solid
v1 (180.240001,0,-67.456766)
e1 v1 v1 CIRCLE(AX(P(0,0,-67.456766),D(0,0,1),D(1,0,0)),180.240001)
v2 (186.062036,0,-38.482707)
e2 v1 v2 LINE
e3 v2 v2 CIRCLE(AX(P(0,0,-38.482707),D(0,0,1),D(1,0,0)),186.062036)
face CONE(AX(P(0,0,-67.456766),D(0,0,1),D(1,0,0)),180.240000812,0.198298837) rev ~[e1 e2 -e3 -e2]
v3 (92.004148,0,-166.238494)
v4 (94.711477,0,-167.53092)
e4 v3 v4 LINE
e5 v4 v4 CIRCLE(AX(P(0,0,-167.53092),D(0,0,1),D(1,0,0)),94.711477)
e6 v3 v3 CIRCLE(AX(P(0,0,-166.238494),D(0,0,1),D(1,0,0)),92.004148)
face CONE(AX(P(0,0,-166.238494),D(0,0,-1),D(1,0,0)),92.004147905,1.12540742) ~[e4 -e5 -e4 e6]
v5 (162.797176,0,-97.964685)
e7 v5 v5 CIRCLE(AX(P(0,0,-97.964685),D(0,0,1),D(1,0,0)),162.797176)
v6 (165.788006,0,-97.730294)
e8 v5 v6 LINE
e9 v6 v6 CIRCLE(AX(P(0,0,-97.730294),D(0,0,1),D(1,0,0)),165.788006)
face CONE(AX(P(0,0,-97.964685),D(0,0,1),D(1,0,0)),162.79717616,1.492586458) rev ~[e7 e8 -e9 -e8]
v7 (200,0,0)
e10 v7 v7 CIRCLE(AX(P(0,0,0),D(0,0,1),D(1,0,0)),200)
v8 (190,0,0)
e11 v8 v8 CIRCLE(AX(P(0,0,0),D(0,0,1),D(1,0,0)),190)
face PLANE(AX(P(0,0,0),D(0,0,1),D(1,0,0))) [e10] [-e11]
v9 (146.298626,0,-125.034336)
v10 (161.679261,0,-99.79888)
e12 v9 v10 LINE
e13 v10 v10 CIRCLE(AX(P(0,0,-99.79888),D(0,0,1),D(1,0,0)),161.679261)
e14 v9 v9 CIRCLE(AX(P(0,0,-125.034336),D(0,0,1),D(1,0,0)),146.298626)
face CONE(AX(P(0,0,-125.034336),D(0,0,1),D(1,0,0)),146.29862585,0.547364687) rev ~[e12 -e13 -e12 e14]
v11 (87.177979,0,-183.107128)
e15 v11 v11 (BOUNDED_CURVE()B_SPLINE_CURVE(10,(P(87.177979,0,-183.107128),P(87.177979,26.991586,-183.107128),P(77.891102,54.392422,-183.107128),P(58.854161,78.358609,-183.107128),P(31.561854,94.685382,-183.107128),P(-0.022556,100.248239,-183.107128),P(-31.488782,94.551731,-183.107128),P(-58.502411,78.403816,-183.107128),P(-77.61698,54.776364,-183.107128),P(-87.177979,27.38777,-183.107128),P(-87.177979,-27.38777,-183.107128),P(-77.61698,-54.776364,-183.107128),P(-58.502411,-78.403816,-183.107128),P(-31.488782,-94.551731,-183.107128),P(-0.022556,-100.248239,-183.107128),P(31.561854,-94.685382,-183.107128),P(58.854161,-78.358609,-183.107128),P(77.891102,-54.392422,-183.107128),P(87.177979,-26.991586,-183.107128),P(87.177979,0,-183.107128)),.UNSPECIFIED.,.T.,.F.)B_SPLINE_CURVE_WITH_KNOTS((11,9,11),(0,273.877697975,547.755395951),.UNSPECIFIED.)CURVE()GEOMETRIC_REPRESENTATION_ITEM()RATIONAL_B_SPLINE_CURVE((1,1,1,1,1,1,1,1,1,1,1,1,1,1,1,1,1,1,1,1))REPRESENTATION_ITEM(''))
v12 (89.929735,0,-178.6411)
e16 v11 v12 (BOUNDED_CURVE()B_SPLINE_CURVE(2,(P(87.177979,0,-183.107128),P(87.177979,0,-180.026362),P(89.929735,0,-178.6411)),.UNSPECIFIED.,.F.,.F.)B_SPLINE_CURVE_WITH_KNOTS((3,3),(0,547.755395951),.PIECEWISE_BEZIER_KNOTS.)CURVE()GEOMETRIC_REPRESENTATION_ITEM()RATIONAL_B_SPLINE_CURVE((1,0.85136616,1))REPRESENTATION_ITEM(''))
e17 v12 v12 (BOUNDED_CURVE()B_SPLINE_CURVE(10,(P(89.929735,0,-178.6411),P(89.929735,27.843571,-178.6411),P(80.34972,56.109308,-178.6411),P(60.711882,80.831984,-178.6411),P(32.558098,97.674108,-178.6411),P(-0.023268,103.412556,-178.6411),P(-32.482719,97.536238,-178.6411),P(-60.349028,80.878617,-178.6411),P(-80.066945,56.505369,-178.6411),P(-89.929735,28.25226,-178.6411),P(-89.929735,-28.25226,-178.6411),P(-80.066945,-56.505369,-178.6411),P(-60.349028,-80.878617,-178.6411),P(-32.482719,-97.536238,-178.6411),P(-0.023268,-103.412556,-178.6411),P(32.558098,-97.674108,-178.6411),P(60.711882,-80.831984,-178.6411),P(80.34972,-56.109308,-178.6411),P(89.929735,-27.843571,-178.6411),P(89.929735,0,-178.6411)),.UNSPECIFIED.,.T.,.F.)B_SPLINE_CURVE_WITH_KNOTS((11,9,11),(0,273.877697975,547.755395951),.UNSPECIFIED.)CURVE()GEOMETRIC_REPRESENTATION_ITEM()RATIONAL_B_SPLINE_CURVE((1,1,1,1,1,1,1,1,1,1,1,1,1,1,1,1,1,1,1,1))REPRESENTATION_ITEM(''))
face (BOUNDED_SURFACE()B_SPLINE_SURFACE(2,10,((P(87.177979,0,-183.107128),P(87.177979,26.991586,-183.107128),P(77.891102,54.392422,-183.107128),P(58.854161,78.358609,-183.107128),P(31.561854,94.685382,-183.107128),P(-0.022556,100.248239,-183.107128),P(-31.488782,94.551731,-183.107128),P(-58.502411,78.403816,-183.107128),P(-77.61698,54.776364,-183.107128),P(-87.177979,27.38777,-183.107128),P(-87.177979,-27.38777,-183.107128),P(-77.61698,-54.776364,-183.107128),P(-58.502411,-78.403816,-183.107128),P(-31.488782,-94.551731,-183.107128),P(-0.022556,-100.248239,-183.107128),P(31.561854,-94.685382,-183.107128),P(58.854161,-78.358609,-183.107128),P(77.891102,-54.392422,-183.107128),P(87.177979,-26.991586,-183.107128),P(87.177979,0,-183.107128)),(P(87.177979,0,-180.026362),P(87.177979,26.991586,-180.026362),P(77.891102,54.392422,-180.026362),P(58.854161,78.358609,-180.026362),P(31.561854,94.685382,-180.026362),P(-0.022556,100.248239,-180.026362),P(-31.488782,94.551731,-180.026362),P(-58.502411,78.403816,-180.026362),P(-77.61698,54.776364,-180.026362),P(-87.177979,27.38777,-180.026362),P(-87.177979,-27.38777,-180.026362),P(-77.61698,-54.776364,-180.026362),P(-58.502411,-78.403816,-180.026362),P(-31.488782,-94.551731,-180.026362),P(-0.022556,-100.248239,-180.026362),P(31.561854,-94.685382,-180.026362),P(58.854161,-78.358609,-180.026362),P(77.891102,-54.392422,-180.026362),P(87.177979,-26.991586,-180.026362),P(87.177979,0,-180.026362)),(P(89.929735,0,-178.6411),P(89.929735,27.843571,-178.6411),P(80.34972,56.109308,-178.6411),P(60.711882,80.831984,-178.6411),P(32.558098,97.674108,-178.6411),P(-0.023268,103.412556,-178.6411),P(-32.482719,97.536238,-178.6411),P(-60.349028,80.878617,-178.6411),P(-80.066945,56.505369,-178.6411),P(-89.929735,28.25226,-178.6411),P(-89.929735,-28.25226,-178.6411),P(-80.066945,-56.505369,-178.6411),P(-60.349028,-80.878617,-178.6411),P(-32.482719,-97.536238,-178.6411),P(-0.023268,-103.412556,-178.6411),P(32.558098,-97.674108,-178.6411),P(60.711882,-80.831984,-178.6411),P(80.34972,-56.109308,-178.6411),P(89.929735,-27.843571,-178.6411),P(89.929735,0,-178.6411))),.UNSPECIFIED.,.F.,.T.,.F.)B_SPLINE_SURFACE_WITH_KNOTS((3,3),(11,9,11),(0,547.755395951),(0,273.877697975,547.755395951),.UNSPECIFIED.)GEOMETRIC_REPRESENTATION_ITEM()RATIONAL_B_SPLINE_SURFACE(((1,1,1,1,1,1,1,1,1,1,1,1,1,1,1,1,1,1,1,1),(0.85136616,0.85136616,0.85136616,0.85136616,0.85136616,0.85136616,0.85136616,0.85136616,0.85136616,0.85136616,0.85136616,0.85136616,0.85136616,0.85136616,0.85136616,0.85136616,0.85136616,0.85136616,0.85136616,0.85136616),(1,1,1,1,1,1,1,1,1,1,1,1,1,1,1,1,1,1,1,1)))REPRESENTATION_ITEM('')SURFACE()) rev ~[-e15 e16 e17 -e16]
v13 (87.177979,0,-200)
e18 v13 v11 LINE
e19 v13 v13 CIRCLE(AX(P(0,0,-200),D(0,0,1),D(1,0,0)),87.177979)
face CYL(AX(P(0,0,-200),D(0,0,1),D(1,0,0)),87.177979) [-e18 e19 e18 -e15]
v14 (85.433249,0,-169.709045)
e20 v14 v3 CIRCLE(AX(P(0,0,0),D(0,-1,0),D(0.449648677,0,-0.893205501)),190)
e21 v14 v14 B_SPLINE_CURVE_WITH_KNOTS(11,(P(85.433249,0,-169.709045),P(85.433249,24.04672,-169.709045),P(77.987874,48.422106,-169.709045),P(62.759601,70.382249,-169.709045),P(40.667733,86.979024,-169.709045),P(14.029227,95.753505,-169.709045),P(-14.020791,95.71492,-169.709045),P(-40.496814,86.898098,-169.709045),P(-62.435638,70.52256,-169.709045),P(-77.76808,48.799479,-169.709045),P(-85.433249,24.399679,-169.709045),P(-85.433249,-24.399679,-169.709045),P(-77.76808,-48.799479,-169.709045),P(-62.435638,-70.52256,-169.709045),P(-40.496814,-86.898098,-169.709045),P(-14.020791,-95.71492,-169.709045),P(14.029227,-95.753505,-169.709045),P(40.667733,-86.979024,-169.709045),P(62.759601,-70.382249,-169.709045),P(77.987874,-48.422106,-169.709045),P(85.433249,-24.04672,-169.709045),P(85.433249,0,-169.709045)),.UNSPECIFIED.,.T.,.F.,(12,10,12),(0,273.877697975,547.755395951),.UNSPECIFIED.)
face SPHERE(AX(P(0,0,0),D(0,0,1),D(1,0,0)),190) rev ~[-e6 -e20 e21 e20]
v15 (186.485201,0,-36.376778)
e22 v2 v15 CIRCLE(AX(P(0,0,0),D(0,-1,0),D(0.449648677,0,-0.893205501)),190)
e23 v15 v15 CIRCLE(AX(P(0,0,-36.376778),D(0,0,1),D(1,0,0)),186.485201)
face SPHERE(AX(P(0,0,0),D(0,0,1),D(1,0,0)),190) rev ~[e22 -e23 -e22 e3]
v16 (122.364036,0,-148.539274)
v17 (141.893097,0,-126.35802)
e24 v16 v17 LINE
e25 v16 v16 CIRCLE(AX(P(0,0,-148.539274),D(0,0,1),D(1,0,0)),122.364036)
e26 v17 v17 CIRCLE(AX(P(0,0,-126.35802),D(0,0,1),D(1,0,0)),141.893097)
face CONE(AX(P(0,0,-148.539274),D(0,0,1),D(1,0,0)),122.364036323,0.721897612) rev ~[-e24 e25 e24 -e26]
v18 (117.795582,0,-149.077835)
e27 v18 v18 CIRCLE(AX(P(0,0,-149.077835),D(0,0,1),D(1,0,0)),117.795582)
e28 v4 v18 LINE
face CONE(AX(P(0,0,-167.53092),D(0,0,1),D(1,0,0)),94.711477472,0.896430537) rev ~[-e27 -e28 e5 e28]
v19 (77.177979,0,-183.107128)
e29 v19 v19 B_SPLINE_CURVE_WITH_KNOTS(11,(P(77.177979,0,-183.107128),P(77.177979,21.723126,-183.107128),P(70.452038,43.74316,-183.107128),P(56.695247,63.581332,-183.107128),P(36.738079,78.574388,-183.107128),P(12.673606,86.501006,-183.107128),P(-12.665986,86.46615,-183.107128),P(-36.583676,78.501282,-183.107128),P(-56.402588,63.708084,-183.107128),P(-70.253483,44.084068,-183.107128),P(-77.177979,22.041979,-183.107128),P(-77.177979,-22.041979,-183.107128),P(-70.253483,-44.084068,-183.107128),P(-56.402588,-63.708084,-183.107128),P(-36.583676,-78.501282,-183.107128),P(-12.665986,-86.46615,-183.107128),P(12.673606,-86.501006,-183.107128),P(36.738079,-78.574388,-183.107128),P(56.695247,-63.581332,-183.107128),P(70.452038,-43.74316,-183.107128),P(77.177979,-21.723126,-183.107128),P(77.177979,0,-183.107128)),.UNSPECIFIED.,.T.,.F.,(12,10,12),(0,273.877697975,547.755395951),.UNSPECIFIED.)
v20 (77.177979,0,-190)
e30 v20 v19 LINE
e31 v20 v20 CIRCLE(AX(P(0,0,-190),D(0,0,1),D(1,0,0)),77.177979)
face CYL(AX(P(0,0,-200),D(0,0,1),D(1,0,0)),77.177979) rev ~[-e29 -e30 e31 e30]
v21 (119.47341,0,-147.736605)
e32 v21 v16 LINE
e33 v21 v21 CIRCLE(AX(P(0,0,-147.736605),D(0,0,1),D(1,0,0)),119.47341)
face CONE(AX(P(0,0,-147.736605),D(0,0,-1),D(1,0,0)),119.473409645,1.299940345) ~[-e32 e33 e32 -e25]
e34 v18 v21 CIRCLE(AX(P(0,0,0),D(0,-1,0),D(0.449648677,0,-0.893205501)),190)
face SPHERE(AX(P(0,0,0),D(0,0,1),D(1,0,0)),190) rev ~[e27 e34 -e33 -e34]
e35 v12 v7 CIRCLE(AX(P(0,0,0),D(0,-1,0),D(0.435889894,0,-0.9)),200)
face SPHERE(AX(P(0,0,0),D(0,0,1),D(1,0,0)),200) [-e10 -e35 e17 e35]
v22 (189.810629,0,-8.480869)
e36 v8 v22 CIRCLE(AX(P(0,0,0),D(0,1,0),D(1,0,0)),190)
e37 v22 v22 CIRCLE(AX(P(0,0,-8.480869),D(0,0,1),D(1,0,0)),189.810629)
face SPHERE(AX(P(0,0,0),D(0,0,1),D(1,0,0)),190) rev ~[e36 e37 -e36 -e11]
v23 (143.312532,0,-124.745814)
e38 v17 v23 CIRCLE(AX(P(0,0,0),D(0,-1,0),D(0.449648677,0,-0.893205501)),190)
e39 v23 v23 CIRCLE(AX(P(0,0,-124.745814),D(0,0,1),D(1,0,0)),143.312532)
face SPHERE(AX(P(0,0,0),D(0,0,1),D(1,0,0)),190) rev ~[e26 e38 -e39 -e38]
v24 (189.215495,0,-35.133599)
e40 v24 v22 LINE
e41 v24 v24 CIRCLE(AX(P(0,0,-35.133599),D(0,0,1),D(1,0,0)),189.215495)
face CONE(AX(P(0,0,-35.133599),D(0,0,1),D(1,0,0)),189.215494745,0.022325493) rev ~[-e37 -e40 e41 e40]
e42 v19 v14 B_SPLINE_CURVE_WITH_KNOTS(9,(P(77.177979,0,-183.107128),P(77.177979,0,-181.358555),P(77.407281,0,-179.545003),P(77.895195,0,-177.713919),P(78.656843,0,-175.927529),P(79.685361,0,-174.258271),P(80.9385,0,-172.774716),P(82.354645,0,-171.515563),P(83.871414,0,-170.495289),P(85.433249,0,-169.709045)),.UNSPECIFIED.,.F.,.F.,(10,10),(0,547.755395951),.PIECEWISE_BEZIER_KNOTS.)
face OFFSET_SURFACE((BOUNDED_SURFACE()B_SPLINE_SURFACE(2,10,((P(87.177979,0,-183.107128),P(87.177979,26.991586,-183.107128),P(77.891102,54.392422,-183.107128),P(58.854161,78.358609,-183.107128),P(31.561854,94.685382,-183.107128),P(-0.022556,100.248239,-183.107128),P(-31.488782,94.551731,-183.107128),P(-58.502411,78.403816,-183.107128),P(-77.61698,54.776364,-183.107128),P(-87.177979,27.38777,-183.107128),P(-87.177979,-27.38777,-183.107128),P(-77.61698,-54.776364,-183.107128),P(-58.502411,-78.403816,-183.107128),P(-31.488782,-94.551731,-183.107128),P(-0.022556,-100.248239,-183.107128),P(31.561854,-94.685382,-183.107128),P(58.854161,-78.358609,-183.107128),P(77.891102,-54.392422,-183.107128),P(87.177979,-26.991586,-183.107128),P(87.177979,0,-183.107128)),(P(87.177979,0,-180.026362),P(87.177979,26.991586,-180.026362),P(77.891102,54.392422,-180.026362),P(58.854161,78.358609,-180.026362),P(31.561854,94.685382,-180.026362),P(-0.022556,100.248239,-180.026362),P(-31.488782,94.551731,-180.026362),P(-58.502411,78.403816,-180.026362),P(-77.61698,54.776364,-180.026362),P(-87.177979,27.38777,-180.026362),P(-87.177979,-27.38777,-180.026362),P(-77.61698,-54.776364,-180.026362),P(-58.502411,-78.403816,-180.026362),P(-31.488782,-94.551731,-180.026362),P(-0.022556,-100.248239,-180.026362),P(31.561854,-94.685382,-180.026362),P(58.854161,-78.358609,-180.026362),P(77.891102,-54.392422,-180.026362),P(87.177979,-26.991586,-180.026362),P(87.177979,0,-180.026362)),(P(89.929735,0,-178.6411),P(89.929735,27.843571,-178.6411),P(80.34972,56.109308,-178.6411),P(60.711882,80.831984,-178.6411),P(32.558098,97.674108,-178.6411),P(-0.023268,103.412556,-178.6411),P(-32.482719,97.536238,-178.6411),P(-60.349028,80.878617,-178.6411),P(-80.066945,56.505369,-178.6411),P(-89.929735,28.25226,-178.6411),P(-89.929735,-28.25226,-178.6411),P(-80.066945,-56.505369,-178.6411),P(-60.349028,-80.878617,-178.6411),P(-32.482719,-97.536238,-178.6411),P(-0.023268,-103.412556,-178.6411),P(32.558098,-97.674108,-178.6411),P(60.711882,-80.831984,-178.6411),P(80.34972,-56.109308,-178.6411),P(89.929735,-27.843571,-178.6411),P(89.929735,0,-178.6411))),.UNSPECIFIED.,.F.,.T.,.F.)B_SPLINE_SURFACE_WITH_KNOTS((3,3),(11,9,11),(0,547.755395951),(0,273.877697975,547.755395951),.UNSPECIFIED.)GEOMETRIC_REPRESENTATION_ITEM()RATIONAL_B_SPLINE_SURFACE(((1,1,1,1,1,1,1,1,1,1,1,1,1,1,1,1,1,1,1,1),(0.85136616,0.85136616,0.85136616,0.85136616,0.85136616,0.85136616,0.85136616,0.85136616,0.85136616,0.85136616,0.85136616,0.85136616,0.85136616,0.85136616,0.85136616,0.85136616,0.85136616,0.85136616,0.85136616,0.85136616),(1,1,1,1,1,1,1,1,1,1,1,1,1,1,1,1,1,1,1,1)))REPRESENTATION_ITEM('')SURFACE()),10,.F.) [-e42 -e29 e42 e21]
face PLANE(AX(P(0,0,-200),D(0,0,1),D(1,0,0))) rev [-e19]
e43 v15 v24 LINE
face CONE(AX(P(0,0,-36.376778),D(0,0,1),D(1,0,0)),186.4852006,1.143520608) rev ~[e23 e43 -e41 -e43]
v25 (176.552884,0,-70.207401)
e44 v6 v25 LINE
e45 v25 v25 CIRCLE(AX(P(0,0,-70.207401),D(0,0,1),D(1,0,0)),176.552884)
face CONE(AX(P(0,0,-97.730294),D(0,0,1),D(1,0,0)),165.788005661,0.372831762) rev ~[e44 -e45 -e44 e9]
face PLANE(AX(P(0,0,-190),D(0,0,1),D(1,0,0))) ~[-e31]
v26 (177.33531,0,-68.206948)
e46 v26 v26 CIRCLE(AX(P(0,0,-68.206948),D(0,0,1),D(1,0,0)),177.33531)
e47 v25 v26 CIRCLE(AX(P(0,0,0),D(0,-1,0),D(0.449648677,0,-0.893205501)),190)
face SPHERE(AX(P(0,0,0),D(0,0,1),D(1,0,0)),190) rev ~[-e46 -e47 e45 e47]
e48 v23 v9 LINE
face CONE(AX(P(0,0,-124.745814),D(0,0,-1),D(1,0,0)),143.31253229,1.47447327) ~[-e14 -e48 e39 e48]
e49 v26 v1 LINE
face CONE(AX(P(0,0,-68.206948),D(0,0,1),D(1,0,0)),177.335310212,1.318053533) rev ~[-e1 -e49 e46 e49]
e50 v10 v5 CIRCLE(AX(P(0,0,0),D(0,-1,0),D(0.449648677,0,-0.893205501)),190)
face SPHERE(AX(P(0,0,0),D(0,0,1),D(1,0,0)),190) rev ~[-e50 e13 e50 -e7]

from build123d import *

# Parameters (mm, degrees)
F2_R = 5
F3_T = -10


with BuildPart() as f1:
    # F0 (on Front) → F1 (revolve)
    with BuildSketch(Plane.XZ):
        with BuildLine():
            Line((0, 0), (0, -200))
            ThreePointArc((0, -200), (44.72135955, -194.9358868962), (87.1779788708, -180))
            ThreePointArc((87.1779788708, -180), (169.4632641226, -106.2177109192), (200, 0))
            Line((200, 0), (0, 0))
        make_face()
        with BuildLine():
            ThreePointArc((87.1779788708, -180), (44.72135955, -194.9358868962), (0, -200))
            Line((0, -200), (87.1779788708, -200))
            Line((87.1779788708, -200), (87.1779788708, -180))
        make_face()
    revolve(axis=Axis((0, 0, -100), (0, 0, 1)))

    # F2
    f2_edges = [f1.edges().sort_by_distance(p)[0] for p in [
        (-87.177979, 0, -180),
    ]]
    fillet(f2_edges, radius=F2_R)

    # F3
    f3_openings = [f1.faces().sort_by_distance(p)[0] for p in [
        (0, 0, 0),
    ]]
    offset(amount=F3_T, openings=f3_openings)


with BuildPart() as f5:
    # F4 (on face) → F5 (revolve)
    with BuildSketch(Plane.XZ):
        with BuildLine():
            Line((190, 0), (189.8106289646, -8.4808685904))
            ThreePointArc((189.8106289646, -8.4808685904), (189.9526513414, -4.2414912895), (190, 0))
        make_face()
    revolve(axis=Axis((0, 0, -100), (0, 0, 1)))


with BuildPart() as f5b:
    # F4 (on face) → F5, piece 2 (revolve)
    with BuildSketch(Plane.XZ):
        with BuildLine():
            ThreePointArc((189.8106289646, -8.4808685904), (188.6642077169, -22.4903696405), (186.4852005998, -36.3767777193))
            Line((186.4852005998, -36.3767777193), (189.215494745, -35.1335987777))
            Line((189.215494745, -35.1335987777), (189.8106289646, -8.4808685904))
        make_face()
    revolve(axis=Axis((0, 0, -100), (0, 0, 1)))


with BuildPart() as f5c:
    # F4 (on face) → F5, piece 3 (revolve)
    with BuildSketch(Plane.XZ):
        with BuildLine():
            Line((186.4852005998, -36.3767777193), (186.0620361102, -38.4827067462))
            ThreePointArc((186.0620361102, -38.4827067462), (186.2765944217, -37.4303402423), (186.4852005998, -36.3767777193))
        make_face()
    revolve(axis=Axis((0, 0, -100), (0, 0, 1)))


with BuildPart() as f5d:
    # F4 (on face) → F5, piece 4 (revolve)
    with BuildSketch(Plane.XZ):
        with BuildLine():
            ThreePointArc((186.0620361102, -38.4827067462), (182.3054866364, -53.5229814405), (177.3353102124, -68.2069479736))
            Line((177.3353102124, -68.2069479736), (180.2400008123, -67.4567663163))
            Line((180.2400008123, -67.4567663163), (186.0620361102, -38.4827067462))
        make_face()
    revolve(axis=Axis((0, 0, -100), (0, 0, 1)))


with BuildPart() as f5e:
    # F4 (on face) → F5, piece 5 (revolve)
    with BuildSketch(Plane.XZ):
        with BuildLine():
            Line((177.3353102124, -68.2069479736), (176.5528838044, -70.207401464))
            ThreePointArc((176.5528838044, -70.207401464), (176.9469240187, -69.2082804319), (177.3353102124, -68.2069479736))
        make_face()
    revolve(axis=Axis((0, 0, -100), (0, 0, 1)))


with BuildPart() as f5f:
    # F4 (on face) → F5, piece 6 (revolve)
    with BuildSketch(Plane.XZ):
        with BuildLine():
            ThreePointArc((176.5528838044, -70.207401464), (170.2416884657, -84.36686262), (162.7971761601, -97.9646846281))
            Line((162.7971761601, -97.9646846281), (165.7880056607, -97.7302941451))
            Line((165.7880056607, -97.7302941451), (176.5528838044, -70.207401464))
        make_face()
    revolve(axis=Axis((0, 0, -100), (0, 0, 1)))


with BuildPart() as f5g:
    # F4 (on face) → F5, piece 7 (revolve)
    with BuildSketch(Plane.XZ):
        with BuildLine():
            Line((162.7971761601, -97.9646846281), (161.6792614643, -99.7988798151))
            ThreePointArc((161.6792614643, -99.7988798151), (162.2408108688, -98.8833620415), (162.7971761601, -97.9646846281))
        make_face()
    revolve(axis=Axis((0, 0, -100), (0, 0, 1)))


with BuildPart() as f5h:
    # F4 (on face) → F5, piece 8 (revolve)
    with BuildSketch(Plane.XZ):
        with BuildLine():
            ThreePointArc((161.6792614643, -99.7988798151), (153.0051827375, -112.6472993705), (143.3125322896, -124.7458139127))
            Line((143.3125322896, -124.7458139127), (146.2986258499, -125.0343364403))
            Line((146.2986258499, -125.0343364403), (161.6792614643, -99.7988798151))
        make_face()
    revolve(axis=Axis((0, 0, -100), (0, 0, 1)))


with BuildPart() as f5i:
    # F4 (on face) → F5, piece 9 (revolve)
    with BuildSketch(Plane.XZ):
        with BuildLine():
            Line((143.3125322896, -124.7458139127), (141.8930965783, -126.3580197037))
            ThreePointArc((141.8930965783, -126.3580197037), (142.6050927785, -125.553922733), (143.3125322896, -124.7458139127))
        make_face()
    revolve(axis=Axis((0, 0, -100), (0, 0, 1)))


with BuildPart() as f5j:
    # F4 (on face) → F5, piece 10 (revolve)
    with BuildSketch(Plane.XZ):
        with BuildLine():
            ThreePointArc((141.8930965783, -126.3580197037), (131.1196919561, -137.5050049319), (119.4734096451, -147.736604766))
            Line((119.4734096451, -147.736604766), (122.3640363234, -148.5392736932))
            Line((122.3640363234, -148.5392736932), (141.8930965783, -126.3580197037))
        make_face()
    revolve(axis=Axis((0, 0, -100), (0, 0, 1)))


with BuildPart() as f5k:
    # F4 (on face) → F5, piece 11 (revolve)
    with BuildSketch(Plane.XZ):
        with BuildLine():
            Line((119.4734096451, -147.736604766), (117.795581754, -149.0778351038))
            ThreePointArc((117.795581754, -149.0778351038), (118.6363911057, -148.4095910156), (119.4734096451, -147.736604766))
        make_face()
    revolve(axis=Axis((0, 0, -100), (0, 0, 1)))


with BuildPart() as f5l:
    # F4 (on face) → F5, piece 12 (revolve)
    with BuildSketch(Plane.XZ):
        with BuildLine():
            Line((92.004147905, -166.2384936417), (94.7114774724, -167.5309202794))
            Line((94.7114774724, -167.5309202794), (117.795581754, -149.0778351038))
            ThreePointArc((117.795581754, -149.0778351038), (105.2501956844, -158.1846904994), (92.004147905, -166.2384936417))
        make_face()
    revolve(axis=Axis((0, 0, -100), (0, 0, 1)))


with BuildPart() as f1_1:
    add(f1.part)

    # F6: cut F5, F5b, F5c, F5d, F5e, F5f, F5g, F5h, F5i, F5j, F5k, F5l
    add(f5.part, mode=Mode.SUBTRACT)
    add(f5b.part, mode=Mode.SUBTRACT)
    add(f5c.part, mode=Mode.SUBTRACT)
    add(f5d.part, mode=Mode.SUBTRACT)
    add(f5e.part, mode=Mode.SUBTRACT)
    add(f5f.part, mode=Mode.SUBTRACT)
    add(f5g.part, mode=Mode.SUBTRACT)
    add(f5h.part, mode=Mode.SUBTRACT)
    add(f5i.part, mode=Mode.SUBTRACT)
    add(f5j.part, mode=Mode.SUBTRACT)
    add(f5k.part, mode=Mode.SUBTRACT)
    add(f5l.part, mode=Mode.SUBTRACT)


solid = f1_1.part
